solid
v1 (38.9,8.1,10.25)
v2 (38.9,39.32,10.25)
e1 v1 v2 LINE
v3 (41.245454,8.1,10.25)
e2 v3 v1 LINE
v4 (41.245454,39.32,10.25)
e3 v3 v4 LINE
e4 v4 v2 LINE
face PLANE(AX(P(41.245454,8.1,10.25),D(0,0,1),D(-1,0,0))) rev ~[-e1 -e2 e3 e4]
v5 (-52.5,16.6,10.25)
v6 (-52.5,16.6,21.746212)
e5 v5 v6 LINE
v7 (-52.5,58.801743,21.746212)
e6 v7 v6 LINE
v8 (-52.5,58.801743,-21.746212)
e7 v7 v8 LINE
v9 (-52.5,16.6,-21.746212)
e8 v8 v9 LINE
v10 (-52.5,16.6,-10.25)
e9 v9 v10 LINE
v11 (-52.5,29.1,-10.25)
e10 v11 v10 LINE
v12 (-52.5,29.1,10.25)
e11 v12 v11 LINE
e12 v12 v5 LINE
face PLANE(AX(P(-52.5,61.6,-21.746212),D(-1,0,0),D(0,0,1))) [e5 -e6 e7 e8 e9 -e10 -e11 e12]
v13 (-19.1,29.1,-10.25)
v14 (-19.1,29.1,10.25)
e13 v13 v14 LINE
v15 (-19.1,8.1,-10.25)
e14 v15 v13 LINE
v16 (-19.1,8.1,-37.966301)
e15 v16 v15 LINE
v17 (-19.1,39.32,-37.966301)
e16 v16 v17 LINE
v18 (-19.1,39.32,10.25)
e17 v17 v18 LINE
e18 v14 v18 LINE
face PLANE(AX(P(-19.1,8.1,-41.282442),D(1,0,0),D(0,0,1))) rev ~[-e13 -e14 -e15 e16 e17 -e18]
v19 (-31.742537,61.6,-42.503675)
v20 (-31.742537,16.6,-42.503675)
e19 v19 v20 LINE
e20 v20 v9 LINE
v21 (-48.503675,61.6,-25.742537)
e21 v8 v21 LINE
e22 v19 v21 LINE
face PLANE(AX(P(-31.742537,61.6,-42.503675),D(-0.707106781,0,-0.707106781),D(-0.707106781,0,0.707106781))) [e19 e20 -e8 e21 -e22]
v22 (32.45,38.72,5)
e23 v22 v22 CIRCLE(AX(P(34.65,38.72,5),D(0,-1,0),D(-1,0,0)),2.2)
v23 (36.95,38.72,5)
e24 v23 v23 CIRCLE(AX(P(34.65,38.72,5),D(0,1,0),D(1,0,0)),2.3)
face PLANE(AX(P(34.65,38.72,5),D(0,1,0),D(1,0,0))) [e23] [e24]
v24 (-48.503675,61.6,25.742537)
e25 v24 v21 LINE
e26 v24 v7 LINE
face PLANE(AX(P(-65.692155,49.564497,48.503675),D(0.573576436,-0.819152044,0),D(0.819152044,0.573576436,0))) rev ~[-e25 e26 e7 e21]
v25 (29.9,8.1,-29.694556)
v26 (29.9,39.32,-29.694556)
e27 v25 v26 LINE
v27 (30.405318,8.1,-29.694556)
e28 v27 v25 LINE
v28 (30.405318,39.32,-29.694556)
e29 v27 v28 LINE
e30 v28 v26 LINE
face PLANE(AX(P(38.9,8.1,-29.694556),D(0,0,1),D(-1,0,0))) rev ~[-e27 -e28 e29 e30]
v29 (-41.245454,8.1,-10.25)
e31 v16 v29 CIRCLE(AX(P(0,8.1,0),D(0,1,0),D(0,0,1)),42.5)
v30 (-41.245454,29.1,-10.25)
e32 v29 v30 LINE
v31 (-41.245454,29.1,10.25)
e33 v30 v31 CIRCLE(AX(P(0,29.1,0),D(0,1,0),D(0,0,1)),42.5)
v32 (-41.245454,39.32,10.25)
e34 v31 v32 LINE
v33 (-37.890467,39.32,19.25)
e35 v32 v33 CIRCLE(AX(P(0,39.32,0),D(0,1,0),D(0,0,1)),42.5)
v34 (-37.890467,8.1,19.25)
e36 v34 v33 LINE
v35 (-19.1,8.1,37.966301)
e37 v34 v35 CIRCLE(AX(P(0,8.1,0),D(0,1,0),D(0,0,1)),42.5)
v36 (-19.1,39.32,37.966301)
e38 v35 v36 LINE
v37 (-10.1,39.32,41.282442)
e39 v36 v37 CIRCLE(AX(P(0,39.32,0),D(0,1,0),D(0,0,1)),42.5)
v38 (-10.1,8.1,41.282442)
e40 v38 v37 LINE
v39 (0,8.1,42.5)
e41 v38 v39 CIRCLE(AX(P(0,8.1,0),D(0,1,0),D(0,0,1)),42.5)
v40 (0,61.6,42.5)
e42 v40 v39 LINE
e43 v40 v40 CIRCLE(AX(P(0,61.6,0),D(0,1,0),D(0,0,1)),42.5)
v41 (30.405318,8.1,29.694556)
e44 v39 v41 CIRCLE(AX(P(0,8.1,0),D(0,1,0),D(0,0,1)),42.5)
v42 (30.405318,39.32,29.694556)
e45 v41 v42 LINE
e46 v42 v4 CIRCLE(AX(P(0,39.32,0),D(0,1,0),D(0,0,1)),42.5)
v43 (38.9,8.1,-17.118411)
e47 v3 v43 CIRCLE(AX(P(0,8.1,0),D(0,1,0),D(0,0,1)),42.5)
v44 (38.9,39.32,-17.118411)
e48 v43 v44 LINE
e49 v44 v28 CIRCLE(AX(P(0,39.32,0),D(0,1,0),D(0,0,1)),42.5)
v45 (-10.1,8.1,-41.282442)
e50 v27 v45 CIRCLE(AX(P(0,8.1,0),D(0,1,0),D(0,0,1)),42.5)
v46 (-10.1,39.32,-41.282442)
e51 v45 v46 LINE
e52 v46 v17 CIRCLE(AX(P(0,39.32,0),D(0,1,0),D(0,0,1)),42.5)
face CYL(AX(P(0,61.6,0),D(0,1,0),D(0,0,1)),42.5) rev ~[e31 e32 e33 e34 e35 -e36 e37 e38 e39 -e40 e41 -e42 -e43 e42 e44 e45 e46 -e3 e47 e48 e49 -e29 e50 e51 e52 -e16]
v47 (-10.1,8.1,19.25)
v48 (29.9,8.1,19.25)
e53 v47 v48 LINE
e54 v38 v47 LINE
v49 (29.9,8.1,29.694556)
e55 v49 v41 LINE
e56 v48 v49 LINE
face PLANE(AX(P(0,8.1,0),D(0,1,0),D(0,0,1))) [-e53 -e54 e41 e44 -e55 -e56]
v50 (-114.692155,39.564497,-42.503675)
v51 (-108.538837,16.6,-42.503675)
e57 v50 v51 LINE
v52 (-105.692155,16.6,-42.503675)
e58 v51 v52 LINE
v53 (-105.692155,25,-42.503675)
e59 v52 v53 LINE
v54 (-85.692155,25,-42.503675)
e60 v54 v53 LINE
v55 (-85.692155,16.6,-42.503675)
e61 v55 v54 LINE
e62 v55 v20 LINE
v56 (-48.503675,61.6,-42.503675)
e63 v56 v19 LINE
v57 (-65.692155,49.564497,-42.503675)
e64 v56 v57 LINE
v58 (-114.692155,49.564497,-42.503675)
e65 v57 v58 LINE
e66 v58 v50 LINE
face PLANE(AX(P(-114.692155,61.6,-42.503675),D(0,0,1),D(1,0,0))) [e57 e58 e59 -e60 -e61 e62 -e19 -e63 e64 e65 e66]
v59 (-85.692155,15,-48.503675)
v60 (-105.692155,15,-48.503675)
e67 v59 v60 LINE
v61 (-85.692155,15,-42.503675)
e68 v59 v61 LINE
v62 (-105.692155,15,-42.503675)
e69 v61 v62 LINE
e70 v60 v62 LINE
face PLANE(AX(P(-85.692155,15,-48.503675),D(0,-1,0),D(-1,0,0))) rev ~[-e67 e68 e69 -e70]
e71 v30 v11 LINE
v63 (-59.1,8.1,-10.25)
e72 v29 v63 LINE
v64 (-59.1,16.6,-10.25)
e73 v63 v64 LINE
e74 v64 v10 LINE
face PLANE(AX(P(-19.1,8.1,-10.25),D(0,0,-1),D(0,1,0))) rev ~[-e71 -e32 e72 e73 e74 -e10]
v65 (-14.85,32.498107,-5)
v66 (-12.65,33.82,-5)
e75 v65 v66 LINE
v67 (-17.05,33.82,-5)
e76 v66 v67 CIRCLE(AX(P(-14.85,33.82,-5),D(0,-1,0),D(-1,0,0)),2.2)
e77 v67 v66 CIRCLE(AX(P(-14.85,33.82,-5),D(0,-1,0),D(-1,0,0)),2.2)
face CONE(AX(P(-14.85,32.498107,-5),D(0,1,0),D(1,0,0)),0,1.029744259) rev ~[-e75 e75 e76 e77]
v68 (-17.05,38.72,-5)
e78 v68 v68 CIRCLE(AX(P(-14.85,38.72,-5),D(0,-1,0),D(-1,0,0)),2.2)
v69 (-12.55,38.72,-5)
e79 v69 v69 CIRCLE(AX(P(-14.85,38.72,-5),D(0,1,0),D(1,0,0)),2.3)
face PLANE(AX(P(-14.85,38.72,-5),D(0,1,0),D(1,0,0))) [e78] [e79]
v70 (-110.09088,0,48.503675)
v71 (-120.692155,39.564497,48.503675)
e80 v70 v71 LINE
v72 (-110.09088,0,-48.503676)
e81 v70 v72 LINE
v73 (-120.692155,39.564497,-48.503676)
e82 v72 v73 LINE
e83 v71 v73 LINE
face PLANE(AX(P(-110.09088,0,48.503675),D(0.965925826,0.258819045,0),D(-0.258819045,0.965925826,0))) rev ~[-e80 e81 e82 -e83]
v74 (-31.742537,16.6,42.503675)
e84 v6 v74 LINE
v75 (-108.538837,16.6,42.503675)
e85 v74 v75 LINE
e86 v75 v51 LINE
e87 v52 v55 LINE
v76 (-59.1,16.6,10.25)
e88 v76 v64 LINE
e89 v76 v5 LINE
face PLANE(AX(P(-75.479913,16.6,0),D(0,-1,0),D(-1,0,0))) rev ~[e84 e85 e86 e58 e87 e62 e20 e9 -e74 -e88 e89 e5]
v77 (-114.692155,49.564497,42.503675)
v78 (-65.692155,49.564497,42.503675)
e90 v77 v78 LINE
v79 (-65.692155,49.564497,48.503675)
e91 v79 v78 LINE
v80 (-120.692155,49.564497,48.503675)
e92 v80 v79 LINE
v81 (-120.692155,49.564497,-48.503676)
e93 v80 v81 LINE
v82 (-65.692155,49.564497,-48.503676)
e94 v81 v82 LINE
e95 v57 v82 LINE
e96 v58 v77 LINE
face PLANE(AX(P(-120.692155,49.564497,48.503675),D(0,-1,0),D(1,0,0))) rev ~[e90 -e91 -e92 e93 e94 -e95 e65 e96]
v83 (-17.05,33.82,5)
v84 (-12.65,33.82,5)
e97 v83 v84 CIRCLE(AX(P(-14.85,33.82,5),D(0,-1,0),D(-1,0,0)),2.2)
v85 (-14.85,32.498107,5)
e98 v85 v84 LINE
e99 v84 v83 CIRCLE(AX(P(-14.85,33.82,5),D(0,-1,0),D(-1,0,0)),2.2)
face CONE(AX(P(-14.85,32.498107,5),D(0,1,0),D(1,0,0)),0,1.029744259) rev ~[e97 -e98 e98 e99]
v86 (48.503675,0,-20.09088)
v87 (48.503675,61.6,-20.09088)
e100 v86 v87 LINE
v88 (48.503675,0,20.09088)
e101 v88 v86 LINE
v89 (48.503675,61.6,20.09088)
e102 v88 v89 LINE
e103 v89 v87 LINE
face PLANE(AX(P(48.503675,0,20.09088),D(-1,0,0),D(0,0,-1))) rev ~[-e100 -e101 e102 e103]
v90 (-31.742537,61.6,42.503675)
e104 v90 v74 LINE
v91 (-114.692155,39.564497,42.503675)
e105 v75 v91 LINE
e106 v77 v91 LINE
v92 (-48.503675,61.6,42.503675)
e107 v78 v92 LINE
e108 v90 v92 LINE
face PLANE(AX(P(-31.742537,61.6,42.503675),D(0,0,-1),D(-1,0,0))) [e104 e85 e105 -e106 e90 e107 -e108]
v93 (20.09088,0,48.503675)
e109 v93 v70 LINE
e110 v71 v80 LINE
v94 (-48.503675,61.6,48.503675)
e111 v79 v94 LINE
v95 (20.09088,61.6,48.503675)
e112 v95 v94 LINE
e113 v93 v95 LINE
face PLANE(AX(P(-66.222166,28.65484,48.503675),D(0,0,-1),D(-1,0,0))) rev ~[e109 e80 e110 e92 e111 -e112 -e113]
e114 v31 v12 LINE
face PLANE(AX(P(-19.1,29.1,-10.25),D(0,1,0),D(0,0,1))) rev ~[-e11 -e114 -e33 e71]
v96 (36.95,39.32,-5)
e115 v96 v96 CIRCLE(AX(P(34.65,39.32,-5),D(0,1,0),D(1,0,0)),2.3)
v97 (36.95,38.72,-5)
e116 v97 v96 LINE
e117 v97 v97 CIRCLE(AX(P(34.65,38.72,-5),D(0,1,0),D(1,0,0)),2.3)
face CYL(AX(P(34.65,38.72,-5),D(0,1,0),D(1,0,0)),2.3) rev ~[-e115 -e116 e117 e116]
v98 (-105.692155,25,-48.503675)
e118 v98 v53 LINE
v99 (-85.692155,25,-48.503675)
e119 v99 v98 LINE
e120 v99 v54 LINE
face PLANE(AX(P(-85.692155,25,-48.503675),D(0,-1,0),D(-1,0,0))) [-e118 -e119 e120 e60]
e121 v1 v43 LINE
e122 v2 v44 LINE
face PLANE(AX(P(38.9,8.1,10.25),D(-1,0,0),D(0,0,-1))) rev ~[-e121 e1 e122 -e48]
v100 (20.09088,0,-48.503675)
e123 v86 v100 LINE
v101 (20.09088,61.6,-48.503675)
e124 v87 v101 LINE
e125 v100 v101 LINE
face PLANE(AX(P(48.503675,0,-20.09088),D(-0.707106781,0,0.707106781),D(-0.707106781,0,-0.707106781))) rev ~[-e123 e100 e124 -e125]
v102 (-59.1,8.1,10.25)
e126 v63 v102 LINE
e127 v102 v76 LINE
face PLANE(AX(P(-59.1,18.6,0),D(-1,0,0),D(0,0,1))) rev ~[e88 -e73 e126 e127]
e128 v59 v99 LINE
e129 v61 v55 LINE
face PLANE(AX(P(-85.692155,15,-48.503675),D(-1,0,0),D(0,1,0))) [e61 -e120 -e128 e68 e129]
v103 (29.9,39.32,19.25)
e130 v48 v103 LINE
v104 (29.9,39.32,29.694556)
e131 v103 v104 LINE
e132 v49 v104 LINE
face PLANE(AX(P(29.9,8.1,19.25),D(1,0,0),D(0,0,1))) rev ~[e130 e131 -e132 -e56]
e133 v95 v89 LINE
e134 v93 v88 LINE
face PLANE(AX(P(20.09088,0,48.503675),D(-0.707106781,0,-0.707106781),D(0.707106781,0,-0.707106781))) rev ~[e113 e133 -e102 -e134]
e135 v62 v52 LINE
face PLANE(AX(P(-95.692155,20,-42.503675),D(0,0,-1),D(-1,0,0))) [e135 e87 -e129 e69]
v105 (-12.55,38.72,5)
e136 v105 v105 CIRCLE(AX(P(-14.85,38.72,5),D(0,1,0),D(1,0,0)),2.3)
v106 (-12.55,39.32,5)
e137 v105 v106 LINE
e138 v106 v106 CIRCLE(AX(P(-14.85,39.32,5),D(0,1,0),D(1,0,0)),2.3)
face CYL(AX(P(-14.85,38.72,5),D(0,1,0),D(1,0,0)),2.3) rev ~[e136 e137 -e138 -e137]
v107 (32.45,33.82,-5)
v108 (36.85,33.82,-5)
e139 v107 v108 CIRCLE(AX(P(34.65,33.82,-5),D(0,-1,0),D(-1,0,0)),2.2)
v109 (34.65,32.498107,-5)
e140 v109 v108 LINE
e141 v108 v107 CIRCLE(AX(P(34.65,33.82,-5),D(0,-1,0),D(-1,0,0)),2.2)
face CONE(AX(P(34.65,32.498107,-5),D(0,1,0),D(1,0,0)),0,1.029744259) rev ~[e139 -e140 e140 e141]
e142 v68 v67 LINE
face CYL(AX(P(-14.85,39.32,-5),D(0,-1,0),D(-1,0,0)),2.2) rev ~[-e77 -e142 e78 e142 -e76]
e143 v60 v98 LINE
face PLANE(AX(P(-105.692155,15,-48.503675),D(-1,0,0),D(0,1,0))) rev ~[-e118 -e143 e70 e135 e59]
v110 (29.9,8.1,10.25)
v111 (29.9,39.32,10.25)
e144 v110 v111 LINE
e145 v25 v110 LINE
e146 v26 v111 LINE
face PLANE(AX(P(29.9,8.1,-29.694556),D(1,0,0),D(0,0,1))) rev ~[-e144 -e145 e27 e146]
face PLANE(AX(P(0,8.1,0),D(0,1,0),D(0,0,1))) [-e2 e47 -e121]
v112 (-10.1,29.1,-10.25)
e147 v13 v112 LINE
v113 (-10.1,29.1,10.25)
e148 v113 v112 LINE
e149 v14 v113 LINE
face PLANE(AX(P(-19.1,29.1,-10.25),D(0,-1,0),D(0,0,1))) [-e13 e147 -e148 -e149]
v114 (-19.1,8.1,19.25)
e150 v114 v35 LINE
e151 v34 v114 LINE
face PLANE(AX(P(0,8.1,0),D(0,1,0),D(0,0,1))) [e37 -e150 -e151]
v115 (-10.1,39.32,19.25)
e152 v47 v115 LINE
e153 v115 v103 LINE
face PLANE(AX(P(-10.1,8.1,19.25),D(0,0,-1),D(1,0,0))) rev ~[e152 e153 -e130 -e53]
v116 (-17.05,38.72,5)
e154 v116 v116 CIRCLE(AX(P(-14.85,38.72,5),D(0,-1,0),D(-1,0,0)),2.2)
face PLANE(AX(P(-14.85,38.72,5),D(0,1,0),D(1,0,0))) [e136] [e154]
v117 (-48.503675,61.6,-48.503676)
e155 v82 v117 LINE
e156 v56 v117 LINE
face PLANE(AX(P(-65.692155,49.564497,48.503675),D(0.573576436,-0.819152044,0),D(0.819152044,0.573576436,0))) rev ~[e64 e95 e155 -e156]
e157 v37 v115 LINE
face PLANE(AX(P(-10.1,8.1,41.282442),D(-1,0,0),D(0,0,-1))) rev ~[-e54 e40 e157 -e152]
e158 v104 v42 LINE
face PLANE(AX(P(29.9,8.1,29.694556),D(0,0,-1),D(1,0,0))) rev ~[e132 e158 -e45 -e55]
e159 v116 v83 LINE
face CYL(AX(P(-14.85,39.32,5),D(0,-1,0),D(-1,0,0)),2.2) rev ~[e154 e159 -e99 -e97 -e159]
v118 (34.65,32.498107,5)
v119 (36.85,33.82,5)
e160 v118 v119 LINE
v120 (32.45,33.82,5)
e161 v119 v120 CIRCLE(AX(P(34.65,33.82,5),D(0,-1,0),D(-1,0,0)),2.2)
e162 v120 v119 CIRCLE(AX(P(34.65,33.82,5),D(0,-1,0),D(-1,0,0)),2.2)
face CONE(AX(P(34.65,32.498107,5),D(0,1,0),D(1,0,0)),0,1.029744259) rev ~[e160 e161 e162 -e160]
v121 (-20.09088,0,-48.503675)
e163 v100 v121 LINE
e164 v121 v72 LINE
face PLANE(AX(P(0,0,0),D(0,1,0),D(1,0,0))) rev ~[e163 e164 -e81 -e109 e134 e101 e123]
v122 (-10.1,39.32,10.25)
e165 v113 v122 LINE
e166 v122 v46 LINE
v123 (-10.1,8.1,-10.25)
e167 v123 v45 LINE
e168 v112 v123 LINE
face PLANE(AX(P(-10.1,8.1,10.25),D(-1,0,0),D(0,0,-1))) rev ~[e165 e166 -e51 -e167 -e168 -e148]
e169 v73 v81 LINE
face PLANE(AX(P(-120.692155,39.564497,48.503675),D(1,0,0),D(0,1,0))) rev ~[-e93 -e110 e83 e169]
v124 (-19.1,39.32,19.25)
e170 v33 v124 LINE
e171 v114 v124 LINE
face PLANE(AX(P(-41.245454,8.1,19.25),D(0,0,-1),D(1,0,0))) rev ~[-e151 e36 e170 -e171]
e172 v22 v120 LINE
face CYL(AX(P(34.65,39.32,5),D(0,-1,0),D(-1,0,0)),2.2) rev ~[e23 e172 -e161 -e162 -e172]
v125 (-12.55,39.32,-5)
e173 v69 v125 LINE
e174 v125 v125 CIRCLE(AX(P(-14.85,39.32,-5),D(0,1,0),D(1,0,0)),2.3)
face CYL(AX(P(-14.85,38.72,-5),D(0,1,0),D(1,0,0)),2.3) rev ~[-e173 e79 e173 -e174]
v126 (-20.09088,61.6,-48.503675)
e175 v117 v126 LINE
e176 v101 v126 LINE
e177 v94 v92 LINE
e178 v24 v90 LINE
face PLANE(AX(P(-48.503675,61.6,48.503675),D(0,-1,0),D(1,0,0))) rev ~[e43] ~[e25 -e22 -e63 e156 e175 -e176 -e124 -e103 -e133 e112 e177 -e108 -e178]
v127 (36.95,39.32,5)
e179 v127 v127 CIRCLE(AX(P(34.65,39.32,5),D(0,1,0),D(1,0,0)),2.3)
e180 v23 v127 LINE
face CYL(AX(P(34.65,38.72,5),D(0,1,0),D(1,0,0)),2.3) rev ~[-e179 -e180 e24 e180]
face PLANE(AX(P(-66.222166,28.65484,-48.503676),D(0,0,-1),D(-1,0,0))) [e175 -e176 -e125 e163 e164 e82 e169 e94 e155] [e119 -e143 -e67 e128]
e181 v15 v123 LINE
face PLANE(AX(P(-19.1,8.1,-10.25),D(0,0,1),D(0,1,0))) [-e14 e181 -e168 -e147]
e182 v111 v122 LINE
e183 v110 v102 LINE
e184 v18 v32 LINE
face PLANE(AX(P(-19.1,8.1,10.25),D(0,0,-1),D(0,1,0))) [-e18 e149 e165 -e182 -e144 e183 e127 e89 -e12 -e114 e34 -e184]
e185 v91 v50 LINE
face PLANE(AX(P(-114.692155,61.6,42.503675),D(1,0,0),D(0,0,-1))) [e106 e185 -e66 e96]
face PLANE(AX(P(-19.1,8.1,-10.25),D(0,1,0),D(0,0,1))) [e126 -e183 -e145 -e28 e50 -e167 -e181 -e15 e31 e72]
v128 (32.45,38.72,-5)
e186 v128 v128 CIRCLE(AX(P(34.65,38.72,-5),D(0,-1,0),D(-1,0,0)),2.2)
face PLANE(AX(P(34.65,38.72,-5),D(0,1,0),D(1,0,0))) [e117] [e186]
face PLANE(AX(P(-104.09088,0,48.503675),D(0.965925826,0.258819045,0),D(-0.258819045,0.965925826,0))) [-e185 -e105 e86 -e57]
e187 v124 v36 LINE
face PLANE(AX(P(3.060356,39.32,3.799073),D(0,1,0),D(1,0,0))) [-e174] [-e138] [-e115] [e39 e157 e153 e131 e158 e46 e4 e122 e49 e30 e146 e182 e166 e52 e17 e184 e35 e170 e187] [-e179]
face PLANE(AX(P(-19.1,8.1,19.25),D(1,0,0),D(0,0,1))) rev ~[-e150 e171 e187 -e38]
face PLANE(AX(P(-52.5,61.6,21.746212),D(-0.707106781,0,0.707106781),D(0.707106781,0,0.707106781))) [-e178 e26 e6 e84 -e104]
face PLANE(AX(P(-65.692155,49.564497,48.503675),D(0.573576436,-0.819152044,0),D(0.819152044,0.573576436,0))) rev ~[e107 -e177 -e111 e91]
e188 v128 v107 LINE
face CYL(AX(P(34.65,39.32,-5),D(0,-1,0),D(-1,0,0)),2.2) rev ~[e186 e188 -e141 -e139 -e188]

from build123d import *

# Parameters (mm, degrees)
BOSS_EXTRUDE1_DEPTH                          = 61.6
BOSS_EXTRUDE3_DEPTH                          = 97.007351
SKETCH3_R                                    = 42.5
CUT_EXTRUDE1_DEPTH                           = 53.5
BOSS_EXTRUDE2_START                          = 8.1
BOSS_EXTRUDE2_DEPTH                          = 31.22
CBORE_FOR_M5_HEX_HEAD_CAP_SCREW1_D           = 4.4
CBORE_FOR_M5_HEX_HEAD_CAP_SCREW1_DEPTH       = 5.5
CBORE_FOR_M5_HEX_HEAD_CAP_SCREW1_CBORE_D     = 4.6
CBORE_FOR_M5_HEX_HEAD_CAP_SCREW1_CBORE_DEPTH = 0.6
CBORE_FOR_M5_HEX_HEAD_CAP_SCREW1_TIP         = 1.321893362
CUT_EXTRUDE3_DEPTH                           = 45
BOSS_EXTRUDE4_REACH                          = 168.648
CUT_EXTRUDE2_REACH                           = 130.328
SKETCH6_W                                    = 20.5
SKETCH6_H                                    = 21
CUT_EXTRUDE2_DIRECTION_2_DEPTH               = 40
SKETCH13_W                                   = 20
SKETCH13_H                                   = 10
CUT_EXTRUDE4_DEPTH                           = 6


with BuildPart() as part:
    # Sketch1 → Boss-Extrude1 (new body)
    with BuildSketch(Plane(origin=(0, 0, 0), x_dir=(1, 0, 0), z_dir=(0, 1, 0))):
        Polygon((-48.503675457, 20.090880199), (-48.503675457, -20.090880199), (-20.090880199, -48.503675457), (20.090880199, -48.503675457), (48.503675457, -20.090880199), (48.503675457, 20.090880199), (20.090880199, 48.503675457), (-20.090880199, 48.503675457), align=None)
    extrude(amount=BOSS_EXTRUDE1_DEPTH)

    # Sketch10 → Boss-Extrude3 (add, through all)
    with BuildSketch(Plane.XY.offset(48.503675457)):
        Polygon((-20.090880199, 0), (-110.090880199, 0), (-120.692155197, 39.564496916), (-120.692155197, 49.564496916), (-65.692155197, 49.564496916), (-48.503675457, 61.6), (-20.090880199, 61.6), align=None)
    extrude(amount=-BOSS_EXTRUDE3_DEPTH)

    # Sketch3 → Cut-Extrude1 (cut)
    with BuildSketch(Plane(origin=(0, 61.6, 0), x_dir=(1, 0, 0), z_dir=(0, 1, 0))):
        with Locations(Location((0, 0, 0), (0, 0, 270))):
            Circle(SKETCH3_R)
    extrude(amount=-CUT_EXTRUDE1_DEPTH, mode=Mode.SUBTRACT)

    # Sketch5 → Boss-Extrude2 (add)
    with BuildSketch(Plane(origin=(0, 0, 0), x_dir=(1, 0, 0), z_dir=(0, 1, 0)).offset(BOSS_EXTRUDE2_START)):
        Polygon((41.245454295, -10.25), (38.9, -10.25), (38.9, 29.694555656), (29.9, 29.694555656), (29.9, -10.25), (-10.1, -10.25), (-10.1, 41.282441788), (-19.1, 41.282441788), (-19.1, -10.25), (-41.245454295, -10.25), (-41.245454295, -19.25), (-19.1, -19.25), (-19.1, -41.282441788), (-10.1, -41.282441788), (-10.1, -19.25), (29.9, -19.25), (29.9, -29.694555656), (38.9, -29.694555656), (38.9, -19.25), (41.245454295, -19.25), align=None)
    extrude(amount=BOSS_EXTRUDE2_DEPTH)

    # CBORE for M5 Hex Head Cap Screw1
    with Locations(Plane(origin=(0, 39.32, 0), x_dir=(1, 0, 0), z_dir=(0, 1, 0))):
        with Locations((-14.85, -5), (-14.85, 5), (34.65, 5), (34.65, -5)):
            CounterBoreHole(CBORE_FOR_M5_HEX_HEAD_CAP_SCREW1_D / 2, CBORE_FOR_M5_HEX_HEAD_CAP_SCREW1_CBORE_D / 2, CBORE_FOR_M5_HEX_HEAD_CAP_SCREW1_CBORE_DEPTH, depth=CBORE_FOR_M5_HEX_HEAD_CAP_SCREW1_DEPTH)
            with Locations((0, 0, -(CBORE_FOR_M5_HEX_HEAD_CAP_SCREW1_DEPTH + CBORE_FOR_M5_HEX_HEAD_CAP_SCREW1_TIP / 2))):  # 118° drill point
                Cone(0, CBORE_FOR_M5_HEX_HEAD_CAP_SCREW1_D / 2, CBORE_FOR_M5_HEX_HEAD_CAP_SCREW1_TIP, mode=Mode.SUBTRACT)

    # Sketch11 → Cut-Extrude3 (cut)
    with BuildSketch(Plane(origin=(0, 61.6, 0), x_dir=(1, 0, 0), z_dir=(0, 1, 0))):
        Polygon((-52.5, 21.746212025), (-52.5, -21.746212025), (-31.742536568, -42.503675457), (-114.692155197, -42.503675457), (-114.692155197, 42.503675457), (-31.742536568, 42.503675457), align=None)
    extrude(amount=-CUT_EXTRUDE3_DEPTH, mode=Mode.SUBTRACT)

    # Sketch12 → Boss-Extrude4 (add, up to next)
    with BuildSketch(Plane.XY.offset(48.503675457), mode=Mode.PRIVATE) as boss_extrude4_sk1:
        Polygon((-110.090880199, 0), (-104.090880199, 0), (-114.692155197, 39.564496916), (-120.692155197, 39.564496916), align=None)
    boss_extrude4_tool1 = extrude(boss_extrude4_sk1.sketch, amount=-BOSS_EXTRUDE4_REACH, mode=Mode.PRIVATE) - part.part
    add(boss_extrude4_tool1.solids().sort_by_distance((-112.391518, 19.782248, 48.503675))[0])

    # Sketch6 → Cut-Extrude2 (cut, up to next)
    with BuildSketch(Plane.ZY.offset(19.1), mode=Mode.PRIVATE) as cut_extrude2_sk1:
        with Locations((0, 18.6)):
            Rectangle(SKETCH6_W, SKETCH6_H)
    cut_extrude2_tool1 = extrude(cut_extrude2_sk1.sketch, amount=-CUT_EXTRUDE2_REACH, mode=Mode.PRIVATE) & part.part
    add(cut_extrude2_tool1.solids().sort_by_distance((-19.1, 18.6, 0))[0], mode=Mode.SUBTRACT)

    # Sketch6 → Cut-Extrude2 direction 2 (cut)
    with BuildSketch(Plane.ZY.offset(19.1)):
        with Locations((0, 18.6)):
            Rectangle(SKETCH6_W, SKETCH6_H)
    extrude(amount=CUT_EXTRUDE2_DIRECTION_2_DEPTH, mode=Mode.SUBTRACT)

    # Sketch13 → Cut-Extrude4 (cut)
    with BuildSketch(Plane(origin=(0, 0, -48.503675457), x_dir=(-1, 0, 0), z_dir=(0, 0, -1))):
        with Locations((95.692155197, 20)):
            Rectangle(SKETCH13_W, SKETCH13_H)
    extrude(amount=-CUT_EXTRUDE4_DEPTH, mode=Mode.SUBTRACT)


solid = part.part
